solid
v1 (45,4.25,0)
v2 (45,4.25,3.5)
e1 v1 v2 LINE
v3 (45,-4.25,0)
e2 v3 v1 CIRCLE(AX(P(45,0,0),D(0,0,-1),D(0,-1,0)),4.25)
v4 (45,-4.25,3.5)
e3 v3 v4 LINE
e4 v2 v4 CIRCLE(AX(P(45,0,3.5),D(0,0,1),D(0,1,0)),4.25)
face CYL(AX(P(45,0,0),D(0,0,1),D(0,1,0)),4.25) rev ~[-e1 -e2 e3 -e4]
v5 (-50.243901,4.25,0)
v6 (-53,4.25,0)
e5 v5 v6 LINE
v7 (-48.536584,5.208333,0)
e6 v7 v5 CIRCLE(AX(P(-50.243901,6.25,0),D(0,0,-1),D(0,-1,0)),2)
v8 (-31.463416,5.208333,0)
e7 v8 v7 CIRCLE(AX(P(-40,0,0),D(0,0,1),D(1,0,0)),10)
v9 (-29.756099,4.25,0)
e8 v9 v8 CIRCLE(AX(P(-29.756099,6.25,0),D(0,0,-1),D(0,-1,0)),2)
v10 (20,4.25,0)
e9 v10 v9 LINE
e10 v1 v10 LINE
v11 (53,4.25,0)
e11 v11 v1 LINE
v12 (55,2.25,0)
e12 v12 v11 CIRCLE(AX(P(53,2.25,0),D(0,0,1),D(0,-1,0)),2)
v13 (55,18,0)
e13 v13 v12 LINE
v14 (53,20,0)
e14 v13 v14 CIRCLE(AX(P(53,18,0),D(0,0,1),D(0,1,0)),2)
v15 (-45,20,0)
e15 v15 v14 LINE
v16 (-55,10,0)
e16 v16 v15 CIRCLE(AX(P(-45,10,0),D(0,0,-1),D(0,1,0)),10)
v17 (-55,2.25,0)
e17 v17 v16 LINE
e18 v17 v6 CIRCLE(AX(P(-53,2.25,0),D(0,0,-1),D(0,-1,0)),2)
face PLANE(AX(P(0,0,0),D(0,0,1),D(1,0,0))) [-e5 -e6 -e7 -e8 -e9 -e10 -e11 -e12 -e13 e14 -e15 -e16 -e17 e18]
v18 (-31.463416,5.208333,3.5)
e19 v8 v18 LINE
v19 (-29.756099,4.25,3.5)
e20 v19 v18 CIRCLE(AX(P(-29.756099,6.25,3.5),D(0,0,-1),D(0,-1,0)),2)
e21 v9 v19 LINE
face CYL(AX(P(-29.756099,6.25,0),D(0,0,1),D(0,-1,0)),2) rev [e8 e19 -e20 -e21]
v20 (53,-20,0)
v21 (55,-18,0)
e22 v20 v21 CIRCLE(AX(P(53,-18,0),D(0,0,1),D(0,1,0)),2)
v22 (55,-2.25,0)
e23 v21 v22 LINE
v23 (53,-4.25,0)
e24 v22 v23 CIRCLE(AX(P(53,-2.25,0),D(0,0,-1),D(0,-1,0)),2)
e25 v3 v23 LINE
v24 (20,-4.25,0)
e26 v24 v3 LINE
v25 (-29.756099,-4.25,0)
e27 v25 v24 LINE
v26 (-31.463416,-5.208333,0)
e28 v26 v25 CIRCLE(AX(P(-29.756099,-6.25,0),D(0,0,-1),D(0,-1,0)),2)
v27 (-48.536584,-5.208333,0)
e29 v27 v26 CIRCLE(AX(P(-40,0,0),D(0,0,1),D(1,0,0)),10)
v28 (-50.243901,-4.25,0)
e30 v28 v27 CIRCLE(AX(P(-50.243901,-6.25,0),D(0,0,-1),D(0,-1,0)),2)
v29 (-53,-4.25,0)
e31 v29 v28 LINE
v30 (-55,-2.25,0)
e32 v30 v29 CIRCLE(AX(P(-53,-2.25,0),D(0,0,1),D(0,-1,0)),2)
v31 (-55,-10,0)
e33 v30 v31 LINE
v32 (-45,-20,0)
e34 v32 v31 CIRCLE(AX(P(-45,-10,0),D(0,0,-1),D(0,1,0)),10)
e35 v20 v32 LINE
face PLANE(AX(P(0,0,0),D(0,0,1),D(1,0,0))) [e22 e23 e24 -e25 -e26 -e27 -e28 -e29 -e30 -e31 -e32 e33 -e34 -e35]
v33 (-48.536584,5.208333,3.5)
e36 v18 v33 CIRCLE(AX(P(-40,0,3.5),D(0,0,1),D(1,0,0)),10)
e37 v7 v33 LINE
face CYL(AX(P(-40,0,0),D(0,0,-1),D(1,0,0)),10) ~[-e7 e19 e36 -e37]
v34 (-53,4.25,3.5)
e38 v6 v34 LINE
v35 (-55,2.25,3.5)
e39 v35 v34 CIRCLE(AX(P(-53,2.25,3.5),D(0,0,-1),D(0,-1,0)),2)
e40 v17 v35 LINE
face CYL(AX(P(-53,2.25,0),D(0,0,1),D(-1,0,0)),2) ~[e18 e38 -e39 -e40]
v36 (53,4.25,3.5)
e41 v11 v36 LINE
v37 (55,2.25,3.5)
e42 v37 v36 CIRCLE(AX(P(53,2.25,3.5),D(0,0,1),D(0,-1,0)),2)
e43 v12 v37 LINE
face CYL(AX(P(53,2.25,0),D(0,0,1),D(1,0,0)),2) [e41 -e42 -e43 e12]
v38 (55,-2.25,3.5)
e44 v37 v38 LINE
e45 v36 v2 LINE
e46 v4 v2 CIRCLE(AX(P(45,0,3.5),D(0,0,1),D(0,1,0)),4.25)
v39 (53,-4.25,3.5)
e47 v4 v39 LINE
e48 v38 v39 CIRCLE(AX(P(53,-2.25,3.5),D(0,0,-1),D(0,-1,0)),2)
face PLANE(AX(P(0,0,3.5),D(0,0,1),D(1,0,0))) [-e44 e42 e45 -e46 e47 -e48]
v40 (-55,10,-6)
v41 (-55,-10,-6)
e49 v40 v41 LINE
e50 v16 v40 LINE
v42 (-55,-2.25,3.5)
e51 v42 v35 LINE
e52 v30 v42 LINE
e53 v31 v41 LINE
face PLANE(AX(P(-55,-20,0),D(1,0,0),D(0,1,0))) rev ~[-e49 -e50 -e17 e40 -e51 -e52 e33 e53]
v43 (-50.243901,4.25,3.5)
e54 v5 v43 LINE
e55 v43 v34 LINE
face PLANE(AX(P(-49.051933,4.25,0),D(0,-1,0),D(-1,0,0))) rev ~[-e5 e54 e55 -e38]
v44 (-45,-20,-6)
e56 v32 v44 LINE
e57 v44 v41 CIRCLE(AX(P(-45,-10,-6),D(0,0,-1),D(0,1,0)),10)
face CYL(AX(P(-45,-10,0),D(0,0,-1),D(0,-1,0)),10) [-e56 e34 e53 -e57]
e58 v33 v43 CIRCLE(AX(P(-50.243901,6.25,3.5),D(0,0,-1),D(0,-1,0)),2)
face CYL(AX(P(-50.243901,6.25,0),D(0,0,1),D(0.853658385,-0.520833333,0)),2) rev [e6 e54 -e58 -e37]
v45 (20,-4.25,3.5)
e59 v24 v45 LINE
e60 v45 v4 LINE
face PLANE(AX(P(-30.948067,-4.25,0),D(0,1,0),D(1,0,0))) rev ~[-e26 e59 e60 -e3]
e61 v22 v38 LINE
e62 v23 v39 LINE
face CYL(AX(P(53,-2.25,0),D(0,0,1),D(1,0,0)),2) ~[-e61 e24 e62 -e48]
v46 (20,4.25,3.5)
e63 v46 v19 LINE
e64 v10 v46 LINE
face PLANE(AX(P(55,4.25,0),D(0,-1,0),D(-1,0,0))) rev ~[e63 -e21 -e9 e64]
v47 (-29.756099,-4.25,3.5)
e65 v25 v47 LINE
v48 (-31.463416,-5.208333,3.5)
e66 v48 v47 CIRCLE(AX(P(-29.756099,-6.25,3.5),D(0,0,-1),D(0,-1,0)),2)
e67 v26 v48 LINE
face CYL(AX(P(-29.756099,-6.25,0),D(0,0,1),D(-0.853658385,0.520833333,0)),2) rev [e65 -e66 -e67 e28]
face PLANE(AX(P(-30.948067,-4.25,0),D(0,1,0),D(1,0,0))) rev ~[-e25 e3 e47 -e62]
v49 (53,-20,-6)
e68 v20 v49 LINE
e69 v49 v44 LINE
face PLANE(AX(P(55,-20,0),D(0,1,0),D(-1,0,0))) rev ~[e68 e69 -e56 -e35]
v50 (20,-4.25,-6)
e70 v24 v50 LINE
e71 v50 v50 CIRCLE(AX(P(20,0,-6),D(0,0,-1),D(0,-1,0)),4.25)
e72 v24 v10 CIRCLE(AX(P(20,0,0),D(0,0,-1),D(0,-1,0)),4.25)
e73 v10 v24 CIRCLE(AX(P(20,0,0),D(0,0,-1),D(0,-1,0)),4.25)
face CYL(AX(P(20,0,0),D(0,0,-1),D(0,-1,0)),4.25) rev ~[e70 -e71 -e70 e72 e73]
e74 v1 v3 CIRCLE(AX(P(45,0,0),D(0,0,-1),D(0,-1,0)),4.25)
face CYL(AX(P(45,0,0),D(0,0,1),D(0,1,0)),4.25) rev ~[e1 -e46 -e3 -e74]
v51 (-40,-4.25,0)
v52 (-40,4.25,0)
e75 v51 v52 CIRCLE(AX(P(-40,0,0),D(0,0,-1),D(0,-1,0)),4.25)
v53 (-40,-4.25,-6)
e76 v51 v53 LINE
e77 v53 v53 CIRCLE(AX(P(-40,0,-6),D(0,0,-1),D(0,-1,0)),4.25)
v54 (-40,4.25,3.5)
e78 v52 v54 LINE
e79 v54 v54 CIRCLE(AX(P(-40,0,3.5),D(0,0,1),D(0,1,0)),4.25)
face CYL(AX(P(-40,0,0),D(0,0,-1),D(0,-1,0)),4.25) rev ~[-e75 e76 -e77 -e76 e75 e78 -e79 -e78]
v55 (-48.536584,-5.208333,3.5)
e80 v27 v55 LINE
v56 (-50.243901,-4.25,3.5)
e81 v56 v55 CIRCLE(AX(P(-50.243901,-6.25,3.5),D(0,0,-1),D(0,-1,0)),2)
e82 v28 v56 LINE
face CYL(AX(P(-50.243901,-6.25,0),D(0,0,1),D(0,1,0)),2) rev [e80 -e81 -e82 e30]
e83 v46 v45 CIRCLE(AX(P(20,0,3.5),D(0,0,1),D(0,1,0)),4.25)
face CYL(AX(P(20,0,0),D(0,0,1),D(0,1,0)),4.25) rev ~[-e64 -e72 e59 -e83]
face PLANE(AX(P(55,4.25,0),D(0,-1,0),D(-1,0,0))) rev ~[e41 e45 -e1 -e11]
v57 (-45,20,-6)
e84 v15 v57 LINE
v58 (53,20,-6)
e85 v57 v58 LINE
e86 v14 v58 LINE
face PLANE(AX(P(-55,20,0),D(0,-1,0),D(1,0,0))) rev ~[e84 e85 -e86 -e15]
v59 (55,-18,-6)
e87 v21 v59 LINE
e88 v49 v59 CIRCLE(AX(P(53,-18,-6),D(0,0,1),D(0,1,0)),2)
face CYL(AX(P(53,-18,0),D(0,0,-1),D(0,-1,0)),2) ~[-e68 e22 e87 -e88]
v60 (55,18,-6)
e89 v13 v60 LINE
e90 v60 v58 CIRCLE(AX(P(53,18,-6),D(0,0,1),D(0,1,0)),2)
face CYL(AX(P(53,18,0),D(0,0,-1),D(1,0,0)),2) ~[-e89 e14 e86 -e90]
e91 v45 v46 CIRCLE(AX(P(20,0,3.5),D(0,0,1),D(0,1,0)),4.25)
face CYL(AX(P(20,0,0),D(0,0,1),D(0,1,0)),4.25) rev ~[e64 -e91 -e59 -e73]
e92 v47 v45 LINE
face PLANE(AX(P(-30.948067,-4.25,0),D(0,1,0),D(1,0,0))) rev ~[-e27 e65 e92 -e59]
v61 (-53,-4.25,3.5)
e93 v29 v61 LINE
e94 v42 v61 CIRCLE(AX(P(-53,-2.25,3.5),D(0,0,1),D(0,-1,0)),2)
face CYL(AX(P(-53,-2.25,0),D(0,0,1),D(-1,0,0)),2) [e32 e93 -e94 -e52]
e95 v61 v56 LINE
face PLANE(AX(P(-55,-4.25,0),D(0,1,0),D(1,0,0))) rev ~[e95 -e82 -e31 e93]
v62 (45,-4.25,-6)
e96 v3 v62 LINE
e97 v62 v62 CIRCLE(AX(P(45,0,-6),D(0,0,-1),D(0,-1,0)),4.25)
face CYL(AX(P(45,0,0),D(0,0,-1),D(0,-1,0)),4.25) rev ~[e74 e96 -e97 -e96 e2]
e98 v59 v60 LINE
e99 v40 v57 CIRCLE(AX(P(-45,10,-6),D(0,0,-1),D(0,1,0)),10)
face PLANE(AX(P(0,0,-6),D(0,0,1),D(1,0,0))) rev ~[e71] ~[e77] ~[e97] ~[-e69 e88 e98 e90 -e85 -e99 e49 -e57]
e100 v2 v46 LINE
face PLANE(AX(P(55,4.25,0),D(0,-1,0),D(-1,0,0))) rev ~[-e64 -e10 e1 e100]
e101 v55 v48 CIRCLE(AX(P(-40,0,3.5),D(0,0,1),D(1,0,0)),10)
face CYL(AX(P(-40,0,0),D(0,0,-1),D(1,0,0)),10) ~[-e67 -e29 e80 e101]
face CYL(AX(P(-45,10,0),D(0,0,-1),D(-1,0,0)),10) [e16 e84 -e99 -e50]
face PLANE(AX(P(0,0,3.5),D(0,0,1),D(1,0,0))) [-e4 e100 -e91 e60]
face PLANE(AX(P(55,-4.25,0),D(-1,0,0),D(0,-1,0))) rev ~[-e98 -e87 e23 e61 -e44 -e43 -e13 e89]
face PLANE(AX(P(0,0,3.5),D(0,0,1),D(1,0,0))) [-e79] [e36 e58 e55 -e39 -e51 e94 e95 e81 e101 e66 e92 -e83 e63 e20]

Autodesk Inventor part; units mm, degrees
ref_plane "YZ Plane" through (0, 0, 0) normal (1, 0, 0) x (0, 1, 0)
ref_plane "XZ Plane" through (0, 0, 0) normal (0, 1, 0) x (-1, 0, 0)
ref_plane "XY Plane" through (0, 0, 0) normal (0, 0, 1) x (1, 0, 0)
sketch "Szkic1" plane through (0, 0, 0) normal (0, 0, 1) x (1, 0, 0)
  line L0 (55, -20) -> (-55, -20)
  line L1 (-55, -20) -> (-55, 20)
  line L2 (-55, 20) -> (55, 20)
  line L3 (55, 20) -> (55, -20)
  line L4 (55, -20) -> (-55, 20) construction
  line L5 (-55, -20) -> (55, 20) construction
  line L6 (-55, 0) -> (55, 0) construction
  line L7 (-55, -4.25) -> (55, -4.25)
  line L8 (55, -4.25) -> (55, 4.25)
  line L9 (55, 4.25) -> (-55, 4.25)
  line L10 (-55, 4.25) -> (-55, -4.25)
  line L11 (-55, -4.25) -> (55, 4.25) construction
  line L12 (55, -4.25) -> (-55, 4.25) construction
  circle A0 centre (-40, 0) radius 10
  point P0 (0, 0)
  point P1 (0, 0)
  point P2 (-40, 0)
  point P3 (20, 0)
  point P4 (45, 0)
  dimension "d1" = 40
  dimension "d4" = 8.5
  dimension "d9" = 15
  dimension "d12" = 10
  dimension "d31" = 95
  dimension "d32" = 25
  dimension "d33" = 20
extrude "Wyciągnięcie proste1" add sketch "Szkic1" against normal blind 6
extrude "Wyciągnięcie proste2" add sketch "Szkic1" along normal blind 3.5 contours L7 A0 L9 L3 | L1 L9 A0 L7 | A0 L7 | L7 A0 L9 | L9 A0
fillet "Zaokrąglenie1" radius 2 10 edges at (55, 4.25, 1.75) (55, -4.25, 1.75) (55, 20, -3) (55, -20, -3) (-55, -4.25, 1.75) (-55, 4.25, 1.75) (-49.0519, -4.25, 1.75) (-30.9481, -4.25, 1.75) (-30.9481, 4.25, 1.75) (-49.0519, 4.25, 1.75)
fillet "Zaokrąglenie2" radius 10 2 edges at (-55, -20, -3) (-55, 20, -3)
hole "Otwór1" at (-40, 0, 0) at (20, 0, 0) at (45, 0, 0) direction (0, 0, -1) diameter 8.5 end through all
hole "Otwór2" at (45, 0, 0) at (20, 0, 0) at (-40, 0, 0) direction (0, 0, 1) diameter 8.5 end through all
properties part number "adapter_50mm"
